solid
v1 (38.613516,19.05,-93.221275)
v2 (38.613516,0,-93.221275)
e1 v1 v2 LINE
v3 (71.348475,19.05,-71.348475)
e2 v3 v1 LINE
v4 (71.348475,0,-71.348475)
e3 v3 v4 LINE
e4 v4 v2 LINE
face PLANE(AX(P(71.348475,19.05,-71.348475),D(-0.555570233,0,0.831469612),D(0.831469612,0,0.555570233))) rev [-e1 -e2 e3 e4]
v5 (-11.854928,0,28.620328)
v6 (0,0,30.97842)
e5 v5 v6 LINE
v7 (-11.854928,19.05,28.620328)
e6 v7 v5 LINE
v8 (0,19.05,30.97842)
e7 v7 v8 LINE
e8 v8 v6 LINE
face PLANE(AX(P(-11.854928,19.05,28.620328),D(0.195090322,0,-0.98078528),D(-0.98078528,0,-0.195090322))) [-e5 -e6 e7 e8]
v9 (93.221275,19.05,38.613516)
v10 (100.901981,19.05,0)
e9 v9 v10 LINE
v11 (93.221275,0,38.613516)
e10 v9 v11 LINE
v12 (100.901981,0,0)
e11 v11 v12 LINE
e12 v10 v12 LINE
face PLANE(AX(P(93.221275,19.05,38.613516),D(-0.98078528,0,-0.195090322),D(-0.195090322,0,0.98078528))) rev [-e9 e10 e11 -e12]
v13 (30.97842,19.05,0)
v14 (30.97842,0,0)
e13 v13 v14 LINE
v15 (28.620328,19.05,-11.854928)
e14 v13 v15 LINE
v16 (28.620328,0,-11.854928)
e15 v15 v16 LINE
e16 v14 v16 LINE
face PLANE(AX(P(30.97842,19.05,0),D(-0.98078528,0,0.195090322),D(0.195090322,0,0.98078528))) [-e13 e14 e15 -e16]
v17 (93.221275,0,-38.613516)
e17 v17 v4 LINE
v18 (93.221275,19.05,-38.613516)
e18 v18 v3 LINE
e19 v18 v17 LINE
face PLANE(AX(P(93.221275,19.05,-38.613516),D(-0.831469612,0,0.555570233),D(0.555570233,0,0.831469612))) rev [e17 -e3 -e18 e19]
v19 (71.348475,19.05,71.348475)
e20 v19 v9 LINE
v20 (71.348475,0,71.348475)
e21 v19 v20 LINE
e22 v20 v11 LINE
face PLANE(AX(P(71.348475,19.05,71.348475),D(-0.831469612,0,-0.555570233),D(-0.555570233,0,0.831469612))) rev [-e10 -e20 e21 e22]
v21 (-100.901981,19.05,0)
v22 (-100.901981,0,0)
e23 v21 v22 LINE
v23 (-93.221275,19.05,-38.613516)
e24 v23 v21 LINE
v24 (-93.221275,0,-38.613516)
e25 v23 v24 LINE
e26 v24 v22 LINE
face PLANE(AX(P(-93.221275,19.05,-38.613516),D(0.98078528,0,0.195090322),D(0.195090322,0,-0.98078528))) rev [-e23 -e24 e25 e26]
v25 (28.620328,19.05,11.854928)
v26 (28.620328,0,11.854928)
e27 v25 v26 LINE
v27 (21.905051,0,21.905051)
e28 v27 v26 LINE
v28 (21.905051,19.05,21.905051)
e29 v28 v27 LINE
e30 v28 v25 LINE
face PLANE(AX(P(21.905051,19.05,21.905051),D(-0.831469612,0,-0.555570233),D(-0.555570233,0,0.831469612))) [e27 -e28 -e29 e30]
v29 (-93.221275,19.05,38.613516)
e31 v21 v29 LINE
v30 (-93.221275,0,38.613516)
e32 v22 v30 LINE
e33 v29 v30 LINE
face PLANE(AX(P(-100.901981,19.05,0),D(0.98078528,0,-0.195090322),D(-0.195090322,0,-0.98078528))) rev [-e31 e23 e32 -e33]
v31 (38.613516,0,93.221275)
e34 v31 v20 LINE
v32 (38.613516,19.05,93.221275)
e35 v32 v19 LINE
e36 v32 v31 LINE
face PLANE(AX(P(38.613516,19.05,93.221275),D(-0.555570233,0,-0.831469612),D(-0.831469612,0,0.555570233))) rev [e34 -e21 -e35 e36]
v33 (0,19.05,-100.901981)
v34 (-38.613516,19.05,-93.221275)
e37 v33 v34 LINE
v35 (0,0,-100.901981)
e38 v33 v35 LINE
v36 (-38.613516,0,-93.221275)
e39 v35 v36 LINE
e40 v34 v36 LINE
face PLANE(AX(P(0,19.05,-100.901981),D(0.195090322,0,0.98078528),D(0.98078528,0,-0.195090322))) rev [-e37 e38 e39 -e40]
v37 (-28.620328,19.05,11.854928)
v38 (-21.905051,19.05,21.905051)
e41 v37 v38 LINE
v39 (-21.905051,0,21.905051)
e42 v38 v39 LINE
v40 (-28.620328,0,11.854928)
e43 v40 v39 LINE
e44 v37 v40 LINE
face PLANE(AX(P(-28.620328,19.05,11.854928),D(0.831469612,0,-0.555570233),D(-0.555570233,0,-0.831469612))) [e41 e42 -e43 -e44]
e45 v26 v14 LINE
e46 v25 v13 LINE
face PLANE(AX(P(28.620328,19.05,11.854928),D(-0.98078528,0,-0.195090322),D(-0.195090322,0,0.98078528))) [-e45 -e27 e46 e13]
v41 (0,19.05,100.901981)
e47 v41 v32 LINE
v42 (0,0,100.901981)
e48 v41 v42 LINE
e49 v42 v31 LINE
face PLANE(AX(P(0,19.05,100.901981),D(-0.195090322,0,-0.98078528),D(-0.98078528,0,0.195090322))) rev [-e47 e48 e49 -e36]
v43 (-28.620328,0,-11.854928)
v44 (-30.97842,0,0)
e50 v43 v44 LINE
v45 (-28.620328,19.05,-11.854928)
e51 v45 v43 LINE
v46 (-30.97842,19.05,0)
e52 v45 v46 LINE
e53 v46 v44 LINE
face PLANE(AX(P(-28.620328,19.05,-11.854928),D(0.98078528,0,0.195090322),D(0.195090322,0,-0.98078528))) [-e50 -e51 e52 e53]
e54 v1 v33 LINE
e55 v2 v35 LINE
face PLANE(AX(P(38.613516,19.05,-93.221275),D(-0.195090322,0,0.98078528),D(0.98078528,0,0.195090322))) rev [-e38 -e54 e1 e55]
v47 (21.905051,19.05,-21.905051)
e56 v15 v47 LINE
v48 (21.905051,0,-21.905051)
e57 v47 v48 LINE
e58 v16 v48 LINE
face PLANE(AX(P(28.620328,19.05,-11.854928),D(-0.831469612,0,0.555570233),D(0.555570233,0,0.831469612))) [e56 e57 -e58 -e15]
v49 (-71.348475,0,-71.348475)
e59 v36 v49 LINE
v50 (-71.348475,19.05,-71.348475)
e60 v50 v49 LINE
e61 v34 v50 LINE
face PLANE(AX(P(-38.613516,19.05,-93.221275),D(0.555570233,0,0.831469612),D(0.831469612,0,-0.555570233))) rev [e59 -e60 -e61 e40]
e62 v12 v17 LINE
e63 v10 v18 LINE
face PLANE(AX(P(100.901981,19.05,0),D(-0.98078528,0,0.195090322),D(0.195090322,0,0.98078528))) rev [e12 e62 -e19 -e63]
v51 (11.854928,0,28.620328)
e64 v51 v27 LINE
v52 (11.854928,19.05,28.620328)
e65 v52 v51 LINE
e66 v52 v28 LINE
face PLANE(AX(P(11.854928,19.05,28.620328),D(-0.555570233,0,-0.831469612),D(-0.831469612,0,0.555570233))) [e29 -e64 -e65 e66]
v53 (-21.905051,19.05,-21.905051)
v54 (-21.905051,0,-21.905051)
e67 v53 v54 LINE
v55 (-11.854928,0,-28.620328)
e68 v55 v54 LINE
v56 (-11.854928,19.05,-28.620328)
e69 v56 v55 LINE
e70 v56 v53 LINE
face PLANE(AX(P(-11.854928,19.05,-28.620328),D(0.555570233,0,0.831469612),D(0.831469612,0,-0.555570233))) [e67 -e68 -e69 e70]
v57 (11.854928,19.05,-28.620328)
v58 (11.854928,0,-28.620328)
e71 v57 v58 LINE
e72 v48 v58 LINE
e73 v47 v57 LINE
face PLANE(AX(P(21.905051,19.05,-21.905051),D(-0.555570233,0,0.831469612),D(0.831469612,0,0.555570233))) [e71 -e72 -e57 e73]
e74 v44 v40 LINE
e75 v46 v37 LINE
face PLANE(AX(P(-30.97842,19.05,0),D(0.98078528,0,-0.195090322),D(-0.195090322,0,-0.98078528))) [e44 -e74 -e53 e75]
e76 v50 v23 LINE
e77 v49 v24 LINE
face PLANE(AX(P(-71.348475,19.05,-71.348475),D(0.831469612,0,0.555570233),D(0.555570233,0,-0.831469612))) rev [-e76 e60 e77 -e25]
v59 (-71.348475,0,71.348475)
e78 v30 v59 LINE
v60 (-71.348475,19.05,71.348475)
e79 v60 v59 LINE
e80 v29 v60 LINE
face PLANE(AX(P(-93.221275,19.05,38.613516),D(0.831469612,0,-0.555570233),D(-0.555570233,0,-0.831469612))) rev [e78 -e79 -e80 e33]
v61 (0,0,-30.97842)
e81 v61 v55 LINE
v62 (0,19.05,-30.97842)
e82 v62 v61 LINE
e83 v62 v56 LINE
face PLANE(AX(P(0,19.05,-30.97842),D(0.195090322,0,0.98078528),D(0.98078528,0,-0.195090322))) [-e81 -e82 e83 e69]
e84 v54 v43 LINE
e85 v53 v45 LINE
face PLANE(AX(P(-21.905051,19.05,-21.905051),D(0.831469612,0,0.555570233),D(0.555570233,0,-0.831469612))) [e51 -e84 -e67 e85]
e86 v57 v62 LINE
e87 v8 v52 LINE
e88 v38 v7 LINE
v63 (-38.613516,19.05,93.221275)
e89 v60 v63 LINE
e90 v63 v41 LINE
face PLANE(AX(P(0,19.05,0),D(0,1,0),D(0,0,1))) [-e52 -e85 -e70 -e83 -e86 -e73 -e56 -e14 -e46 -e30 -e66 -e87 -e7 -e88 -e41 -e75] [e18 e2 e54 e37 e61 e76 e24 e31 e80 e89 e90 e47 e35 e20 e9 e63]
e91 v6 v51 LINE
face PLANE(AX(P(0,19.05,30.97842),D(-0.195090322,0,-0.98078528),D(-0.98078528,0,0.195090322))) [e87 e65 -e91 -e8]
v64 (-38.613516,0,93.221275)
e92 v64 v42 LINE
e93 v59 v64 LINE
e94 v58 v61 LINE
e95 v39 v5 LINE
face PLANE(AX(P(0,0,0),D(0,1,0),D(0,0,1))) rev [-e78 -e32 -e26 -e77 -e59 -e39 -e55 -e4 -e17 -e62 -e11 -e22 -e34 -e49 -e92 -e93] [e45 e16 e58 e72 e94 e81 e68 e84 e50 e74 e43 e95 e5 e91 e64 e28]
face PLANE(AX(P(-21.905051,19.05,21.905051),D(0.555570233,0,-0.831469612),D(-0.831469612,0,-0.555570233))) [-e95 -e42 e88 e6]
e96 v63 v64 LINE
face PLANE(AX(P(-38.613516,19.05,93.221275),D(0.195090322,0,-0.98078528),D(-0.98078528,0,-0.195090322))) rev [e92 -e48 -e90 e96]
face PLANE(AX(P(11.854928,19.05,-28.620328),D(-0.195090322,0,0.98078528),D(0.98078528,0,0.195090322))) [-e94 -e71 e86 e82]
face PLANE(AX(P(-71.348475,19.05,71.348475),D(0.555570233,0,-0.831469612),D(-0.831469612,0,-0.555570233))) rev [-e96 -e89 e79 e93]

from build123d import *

# Parameters (mm, degrees)
BOSS_EXTRUDE1_DEPTH = 19.05


with BuildPart() as part:
    # Sketch1 → Boss-Extrude1 (new body)
    with BuildSketch(Plane(origin=(0, 0, 0), x_dir=(1, 0, 0), z_dir=(0, 1, 0))):
        Polygon((100.901981178, 0), (93.2212752, 38.613516489), (71.348475126, 71.348475126), (38.613516489, 93.2212752), (0, 100.901981178), (-38.613516489, 93.2212752), (-71.348475126, 71.348475126), (-93.2212752, 38.613516489), (-100.901981178, 0), (-93.2212752, -38.613516489), (-71.348475126, -71.348475126), (-38.613516489, -93.2212752), (0, -100.901981178), (38.613516489, -93.2212752), (71.348475126, -71.348475126), (93.2212752, -38.613516489), align=None)
        Polygon((30.978419548, 0), (28.62032777, 11.854927922), (21.905050533, 21.905050533), (11.854927922, 28.62032777), (0, 30.978419548), (-11.854927922, 28.62032777), (-21.905050533, 21.905050533), (-28.62032777, 11.854927922), (-30.978419548, 0), (-28.62032777, -11.854927922), (-21.905050533, -21.905050533), (-11.854927922, -28.62032777), (0, -30.978419548), (11.854927922, -28.62032777), (21.905050533, -21.905050533), (28.62032777, -11.854927922), align=None, mode=Mode.SUBTRACT)
    extrude(amount=BOSS_EXTRUDE1_DEPTH)


solid = part.part
